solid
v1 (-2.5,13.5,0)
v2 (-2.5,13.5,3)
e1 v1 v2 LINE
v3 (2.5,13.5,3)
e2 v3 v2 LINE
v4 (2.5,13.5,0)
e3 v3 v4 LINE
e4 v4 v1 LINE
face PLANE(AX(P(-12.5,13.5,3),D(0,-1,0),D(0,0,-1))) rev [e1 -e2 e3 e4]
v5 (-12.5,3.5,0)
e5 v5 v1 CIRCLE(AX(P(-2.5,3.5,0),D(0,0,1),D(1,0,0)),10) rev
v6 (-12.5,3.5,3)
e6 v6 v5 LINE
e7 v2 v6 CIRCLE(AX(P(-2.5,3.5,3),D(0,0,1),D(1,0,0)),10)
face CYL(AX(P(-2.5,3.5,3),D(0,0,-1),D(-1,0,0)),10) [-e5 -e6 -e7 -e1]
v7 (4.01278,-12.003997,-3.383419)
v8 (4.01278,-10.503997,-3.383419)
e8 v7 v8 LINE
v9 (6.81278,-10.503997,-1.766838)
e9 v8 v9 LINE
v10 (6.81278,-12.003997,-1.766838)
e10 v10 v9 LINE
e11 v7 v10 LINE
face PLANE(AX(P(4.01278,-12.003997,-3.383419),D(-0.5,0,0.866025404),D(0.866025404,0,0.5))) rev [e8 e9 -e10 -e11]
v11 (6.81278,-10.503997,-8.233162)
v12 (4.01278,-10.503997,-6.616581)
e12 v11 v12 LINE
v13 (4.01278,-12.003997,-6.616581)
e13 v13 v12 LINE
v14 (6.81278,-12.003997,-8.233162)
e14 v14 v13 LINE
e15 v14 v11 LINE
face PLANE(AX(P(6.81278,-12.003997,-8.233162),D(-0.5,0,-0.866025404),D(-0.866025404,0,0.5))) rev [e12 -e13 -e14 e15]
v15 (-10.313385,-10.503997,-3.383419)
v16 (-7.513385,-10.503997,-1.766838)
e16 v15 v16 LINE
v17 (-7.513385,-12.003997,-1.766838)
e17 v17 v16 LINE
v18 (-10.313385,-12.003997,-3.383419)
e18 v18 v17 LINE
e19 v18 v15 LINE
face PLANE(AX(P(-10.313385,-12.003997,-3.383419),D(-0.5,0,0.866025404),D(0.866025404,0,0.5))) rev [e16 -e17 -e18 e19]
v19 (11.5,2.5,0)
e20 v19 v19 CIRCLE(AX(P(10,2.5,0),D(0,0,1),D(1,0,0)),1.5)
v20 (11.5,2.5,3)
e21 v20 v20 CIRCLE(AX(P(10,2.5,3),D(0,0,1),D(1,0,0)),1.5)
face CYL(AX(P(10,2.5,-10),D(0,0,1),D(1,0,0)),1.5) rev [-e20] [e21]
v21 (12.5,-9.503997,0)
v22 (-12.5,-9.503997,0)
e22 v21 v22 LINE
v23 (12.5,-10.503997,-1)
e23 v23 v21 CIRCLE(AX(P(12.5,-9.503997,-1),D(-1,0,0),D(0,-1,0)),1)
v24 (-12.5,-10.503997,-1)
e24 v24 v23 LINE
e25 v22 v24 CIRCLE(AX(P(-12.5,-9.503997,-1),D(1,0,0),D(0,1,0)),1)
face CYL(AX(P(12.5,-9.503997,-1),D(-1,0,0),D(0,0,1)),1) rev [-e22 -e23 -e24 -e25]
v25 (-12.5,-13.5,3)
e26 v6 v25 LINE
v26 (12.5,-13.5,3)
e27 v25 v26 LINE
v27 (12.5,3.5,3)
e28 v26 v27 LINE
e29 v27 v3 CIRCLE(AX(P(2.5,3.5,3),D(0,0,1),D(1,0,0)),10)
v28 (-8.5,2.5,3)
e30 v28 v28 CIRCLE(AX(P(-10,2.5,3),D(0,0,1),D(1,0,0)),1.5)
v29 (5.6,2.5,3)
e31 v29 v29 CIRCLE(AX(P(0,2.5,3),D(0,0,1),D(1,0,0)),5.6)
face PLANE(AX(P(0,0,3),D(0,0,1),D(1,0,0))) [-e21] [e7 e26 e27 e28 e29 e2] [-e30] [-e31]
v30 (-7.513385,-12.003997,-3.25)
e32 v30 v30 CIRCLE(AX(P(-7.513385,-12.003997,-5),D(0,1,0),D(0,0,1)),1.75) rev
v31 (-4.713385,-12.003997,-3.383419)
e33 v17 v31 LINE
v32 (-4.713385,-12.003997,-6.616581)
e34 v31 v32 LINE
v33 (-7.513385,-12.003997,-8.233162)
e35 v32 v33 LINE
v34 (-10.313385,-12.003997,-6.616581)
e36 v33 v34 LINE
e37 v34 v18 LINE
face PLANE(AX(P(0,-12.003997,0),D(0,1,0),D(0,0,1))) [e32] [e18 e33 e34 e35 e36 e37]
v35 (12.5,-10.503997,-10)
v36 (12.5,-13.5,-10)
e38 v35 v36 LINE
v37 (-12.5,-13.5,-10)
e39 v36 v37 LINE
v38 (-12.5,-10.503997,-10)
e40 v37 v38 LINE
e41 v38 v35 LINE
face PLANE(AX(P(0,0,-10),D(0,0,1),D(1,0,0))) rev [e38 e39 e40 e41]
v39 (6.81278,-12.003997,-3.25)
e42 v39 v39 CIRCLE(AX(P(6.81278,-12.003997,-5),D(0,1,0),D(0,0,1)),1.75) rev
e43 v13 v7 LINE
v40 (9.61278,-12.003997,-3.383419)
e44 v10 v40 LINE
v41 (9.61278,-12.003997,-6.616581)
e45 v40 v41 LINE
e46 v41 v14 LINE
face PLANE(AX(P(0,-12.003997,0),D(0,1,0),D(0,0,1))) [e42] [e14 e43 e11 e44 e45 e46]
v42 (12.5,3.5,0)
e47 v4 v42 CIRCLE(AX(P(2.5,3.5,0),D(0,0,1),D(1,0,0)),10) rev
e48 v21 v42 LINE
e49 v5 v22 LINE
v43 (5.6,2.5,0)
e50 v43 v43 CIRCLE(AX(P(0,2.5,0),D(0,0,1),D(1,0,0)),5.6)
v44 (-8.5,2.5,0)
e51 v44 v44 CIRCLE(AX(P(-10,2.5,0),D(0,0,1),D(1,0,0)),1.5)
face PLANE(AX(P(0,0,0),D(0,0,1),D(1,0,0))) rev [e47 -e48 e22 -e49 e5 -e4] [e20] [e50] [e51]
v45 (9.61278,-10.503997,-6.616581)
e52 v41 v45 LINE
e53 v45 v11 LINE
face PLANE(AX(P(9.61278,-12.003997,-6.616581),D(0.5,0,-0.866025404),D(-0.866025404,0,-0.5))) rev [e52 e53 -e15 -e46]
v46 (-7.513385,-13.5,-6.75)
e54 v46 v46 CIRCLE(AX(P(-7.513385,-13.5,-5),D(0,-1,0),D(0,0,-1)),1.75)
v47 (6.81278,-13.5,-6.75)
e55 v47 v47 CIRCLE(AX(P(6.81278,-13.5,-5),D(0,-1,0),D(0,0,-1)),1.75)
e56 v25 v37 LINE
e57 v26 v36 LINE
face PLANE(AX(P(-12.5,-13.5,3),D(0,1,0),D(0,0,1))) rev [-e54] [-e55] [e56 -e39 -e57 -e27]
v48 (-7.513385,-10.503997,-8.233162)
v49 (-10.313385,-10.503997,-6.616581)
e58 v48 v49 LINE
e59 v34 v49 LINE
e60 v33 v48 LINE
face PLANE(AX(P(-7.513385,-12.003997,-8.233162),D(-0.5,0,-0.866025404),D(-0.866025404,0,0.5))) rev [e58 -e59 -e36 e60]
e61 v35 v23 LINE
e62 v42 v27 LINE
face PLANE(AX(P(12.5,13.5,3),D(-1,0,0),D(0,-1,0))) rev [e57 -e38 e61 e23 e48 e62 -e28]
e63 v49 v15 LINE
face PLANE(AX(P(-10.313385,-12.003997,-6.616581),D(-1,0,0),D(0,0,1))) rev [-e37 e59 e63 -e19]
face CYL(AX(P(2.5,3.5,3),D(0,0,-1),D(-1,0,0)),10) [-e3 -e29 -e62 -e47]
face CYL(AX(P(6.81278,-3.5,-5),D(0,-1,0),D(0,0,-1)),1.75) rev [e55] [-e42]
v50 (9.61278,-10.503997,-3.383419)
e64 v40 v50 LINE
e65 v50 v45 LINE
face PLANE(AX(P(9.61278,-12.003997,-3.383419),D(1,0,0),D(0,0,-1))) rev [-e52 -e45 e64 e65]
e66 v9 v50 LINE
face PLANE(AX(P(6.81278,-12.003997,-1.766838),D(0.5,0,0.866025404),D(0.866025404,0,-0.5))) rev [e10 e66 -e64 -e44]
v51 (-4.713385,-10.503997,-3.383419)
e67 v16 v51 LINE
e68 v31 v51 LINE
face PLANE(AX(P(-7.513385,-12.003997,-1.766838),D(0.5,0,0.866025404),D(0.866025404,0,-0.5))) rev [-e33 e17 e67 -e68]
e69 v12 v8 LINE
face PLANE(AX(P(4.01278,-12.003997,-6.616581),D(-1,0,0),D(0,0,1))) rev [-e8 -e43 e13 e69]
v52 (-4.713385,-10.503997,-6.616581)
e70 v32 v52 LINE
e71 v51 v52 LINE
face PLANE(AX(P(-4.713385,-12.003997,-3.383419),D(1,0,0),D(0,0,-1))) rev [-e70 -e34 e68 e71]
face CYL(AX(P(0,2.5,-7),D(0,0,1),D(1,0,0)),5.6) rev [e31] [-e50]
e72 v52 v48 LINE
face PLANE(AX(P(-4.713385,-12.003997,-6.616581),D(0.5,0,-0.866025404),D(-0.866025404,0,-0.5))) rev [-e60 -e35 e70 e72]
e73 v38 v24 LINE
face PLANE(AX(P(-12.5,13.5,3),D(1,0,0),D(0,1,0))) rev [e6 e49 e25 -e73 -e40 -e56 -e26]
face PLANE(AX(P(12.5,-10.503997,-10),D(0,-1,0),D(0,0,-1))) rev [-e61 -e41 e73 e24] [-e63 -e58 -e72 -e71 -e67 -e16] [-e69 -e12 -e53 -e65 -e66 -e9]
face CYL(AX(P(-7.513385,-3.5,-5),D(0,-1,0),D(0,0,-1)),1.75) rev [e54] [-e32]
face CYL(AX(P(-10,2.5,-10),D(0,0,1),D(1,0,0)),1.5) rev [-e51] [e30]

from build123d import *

# Parameters (mm, degrees)
SKETCH_1_W           = 25
SKETCH_1_H           = 27
EXTRUDE_1_DEPTH      = 3
SKETCH_2_W           = 25
SKETCH_2_H           = 2.996002967
EXTRUDE_2_DEPTH      = 10
SKETCH_3_R           = 5.6
CUT_EXTRUDE_1_DEPTH  = 10
FILLET_1_R           = 10
SKETCH_4_R           = 1.75
CUT_EXTRUDE_2_DEPTH  = 10
FILLET_2_R           = 1
CUT_EXTRUDE_3_DEPTH  = 1.5
SKETCH_6_R           = 1.5
CUT_EXTRUDE_10_DEPTH = 23.527760652


with BuildPart() as part:
    # Эскиз1 → Бобышка-Вытянуть1 (new body)
    with BuildSketch(Plane.XY):
        Rectangle(SKETCH_1_W, SKETCH_1_H)
    extrude(amount=EXTRUDE_1_DEPTH)

    # Эскиз2 → Бобышка-Вытянуть2 (add)
    with BuildSketch(Plane(origin=(0, 0, 0), x_dir=(-1, 0, 0), z_dir=(0, 0, -1))):
        with Locations((0, -12.001998517)):
            Rectangle(SKETCH_2_W, SKETCH_2_H)
    extrude(amount=EXTRUDE_2_DEPTH)

    # Эскиз3 → Вырез-Вытянуть1 (cut)
    with BuildSketch(Plane.XY.offset(3)):
        with Locations((0, 2.5)):
            Circle(SKETCH_3_R)
    extrude(amount=-CUT_EXTRUDE_1_DEPTH, mode=Mode.SUBTRACT)

    # Скругление1
    fillet_1_edges = [part.edges().sort_by_distance(p)[0] for p in [
        (-12.5, 13.5, 1.5),
        (12.5, 13.5, 1.5),
    ]]
    fillet(fillet_1_edges, radius=FILLET_1_R)

    # Эскиз4 → Вырез-Вытянуть2 (cut)
    with BuildSketch(Plane.XZ.offset(13.5)):
        with Locations(Location((-7.513385328, -5, 0), (0, 0, 270))):
            Circle(SKETCH_4_R)
        with Locations(Location((6.812780265, -5, 0), (0, 0, 270))):
            Circle(SKETCH_4_R)
    extrude(amount=-CUT_EXTRUDE_2_DEPTH, mode=Mode.SUBTRACT)

    # Скругление2
    fillet_2_edges = [part.edges().sort_by_distance(p)[0] for p in [
        (0, -10.503997033, 0),
    ]]
    fillet(fillet_2_edges, radius=FILLET_2_R)

    # Эскиз5 → Вырез-Вытянуть3 (cut)
    with BuildSketch(Plane(origin=(0, -10.503997033, 0), x_dir=(1, 0, 0), z_dir=(0, 1, 0))):
        Polygon((9.612780265, 3.383419246), (9.612780265, 6.616580754), (6.812780265, 8.233161507), (4.012780265, 6.616580754), (4.012780265, 3.383419246), (6.812780265, 1.766838493), align=None)
        Polygon((-4.713385328, 3.383419246), (-4.713385328, 6.616580754), (-7.513385328, 8.233161507), (-10.313385328, 6.616580754), (-10.313385328, 3.383419246), (-7.513385328, 1.766838493), align=None)
    extrude(amount=-CUT_EXTRUDE_3_DEPTH, mode=Mode.SUBTRACT)

    # Эскиз6 → Вырез-Вытянуть10 (cut, through all)
    with BuildSketch(Plane.XY.offset(3)):
        with Locations((-10, 2.5)):
            Circle(SKETCH_6_R)
        with Locations((10, 2.5)):
            Circle(SKETCH_6_R)
    extrude(amount=-CUT_EXTRUDE_10_DEPTH, mode=Mode.SUBTRACT)


solid = part.part
